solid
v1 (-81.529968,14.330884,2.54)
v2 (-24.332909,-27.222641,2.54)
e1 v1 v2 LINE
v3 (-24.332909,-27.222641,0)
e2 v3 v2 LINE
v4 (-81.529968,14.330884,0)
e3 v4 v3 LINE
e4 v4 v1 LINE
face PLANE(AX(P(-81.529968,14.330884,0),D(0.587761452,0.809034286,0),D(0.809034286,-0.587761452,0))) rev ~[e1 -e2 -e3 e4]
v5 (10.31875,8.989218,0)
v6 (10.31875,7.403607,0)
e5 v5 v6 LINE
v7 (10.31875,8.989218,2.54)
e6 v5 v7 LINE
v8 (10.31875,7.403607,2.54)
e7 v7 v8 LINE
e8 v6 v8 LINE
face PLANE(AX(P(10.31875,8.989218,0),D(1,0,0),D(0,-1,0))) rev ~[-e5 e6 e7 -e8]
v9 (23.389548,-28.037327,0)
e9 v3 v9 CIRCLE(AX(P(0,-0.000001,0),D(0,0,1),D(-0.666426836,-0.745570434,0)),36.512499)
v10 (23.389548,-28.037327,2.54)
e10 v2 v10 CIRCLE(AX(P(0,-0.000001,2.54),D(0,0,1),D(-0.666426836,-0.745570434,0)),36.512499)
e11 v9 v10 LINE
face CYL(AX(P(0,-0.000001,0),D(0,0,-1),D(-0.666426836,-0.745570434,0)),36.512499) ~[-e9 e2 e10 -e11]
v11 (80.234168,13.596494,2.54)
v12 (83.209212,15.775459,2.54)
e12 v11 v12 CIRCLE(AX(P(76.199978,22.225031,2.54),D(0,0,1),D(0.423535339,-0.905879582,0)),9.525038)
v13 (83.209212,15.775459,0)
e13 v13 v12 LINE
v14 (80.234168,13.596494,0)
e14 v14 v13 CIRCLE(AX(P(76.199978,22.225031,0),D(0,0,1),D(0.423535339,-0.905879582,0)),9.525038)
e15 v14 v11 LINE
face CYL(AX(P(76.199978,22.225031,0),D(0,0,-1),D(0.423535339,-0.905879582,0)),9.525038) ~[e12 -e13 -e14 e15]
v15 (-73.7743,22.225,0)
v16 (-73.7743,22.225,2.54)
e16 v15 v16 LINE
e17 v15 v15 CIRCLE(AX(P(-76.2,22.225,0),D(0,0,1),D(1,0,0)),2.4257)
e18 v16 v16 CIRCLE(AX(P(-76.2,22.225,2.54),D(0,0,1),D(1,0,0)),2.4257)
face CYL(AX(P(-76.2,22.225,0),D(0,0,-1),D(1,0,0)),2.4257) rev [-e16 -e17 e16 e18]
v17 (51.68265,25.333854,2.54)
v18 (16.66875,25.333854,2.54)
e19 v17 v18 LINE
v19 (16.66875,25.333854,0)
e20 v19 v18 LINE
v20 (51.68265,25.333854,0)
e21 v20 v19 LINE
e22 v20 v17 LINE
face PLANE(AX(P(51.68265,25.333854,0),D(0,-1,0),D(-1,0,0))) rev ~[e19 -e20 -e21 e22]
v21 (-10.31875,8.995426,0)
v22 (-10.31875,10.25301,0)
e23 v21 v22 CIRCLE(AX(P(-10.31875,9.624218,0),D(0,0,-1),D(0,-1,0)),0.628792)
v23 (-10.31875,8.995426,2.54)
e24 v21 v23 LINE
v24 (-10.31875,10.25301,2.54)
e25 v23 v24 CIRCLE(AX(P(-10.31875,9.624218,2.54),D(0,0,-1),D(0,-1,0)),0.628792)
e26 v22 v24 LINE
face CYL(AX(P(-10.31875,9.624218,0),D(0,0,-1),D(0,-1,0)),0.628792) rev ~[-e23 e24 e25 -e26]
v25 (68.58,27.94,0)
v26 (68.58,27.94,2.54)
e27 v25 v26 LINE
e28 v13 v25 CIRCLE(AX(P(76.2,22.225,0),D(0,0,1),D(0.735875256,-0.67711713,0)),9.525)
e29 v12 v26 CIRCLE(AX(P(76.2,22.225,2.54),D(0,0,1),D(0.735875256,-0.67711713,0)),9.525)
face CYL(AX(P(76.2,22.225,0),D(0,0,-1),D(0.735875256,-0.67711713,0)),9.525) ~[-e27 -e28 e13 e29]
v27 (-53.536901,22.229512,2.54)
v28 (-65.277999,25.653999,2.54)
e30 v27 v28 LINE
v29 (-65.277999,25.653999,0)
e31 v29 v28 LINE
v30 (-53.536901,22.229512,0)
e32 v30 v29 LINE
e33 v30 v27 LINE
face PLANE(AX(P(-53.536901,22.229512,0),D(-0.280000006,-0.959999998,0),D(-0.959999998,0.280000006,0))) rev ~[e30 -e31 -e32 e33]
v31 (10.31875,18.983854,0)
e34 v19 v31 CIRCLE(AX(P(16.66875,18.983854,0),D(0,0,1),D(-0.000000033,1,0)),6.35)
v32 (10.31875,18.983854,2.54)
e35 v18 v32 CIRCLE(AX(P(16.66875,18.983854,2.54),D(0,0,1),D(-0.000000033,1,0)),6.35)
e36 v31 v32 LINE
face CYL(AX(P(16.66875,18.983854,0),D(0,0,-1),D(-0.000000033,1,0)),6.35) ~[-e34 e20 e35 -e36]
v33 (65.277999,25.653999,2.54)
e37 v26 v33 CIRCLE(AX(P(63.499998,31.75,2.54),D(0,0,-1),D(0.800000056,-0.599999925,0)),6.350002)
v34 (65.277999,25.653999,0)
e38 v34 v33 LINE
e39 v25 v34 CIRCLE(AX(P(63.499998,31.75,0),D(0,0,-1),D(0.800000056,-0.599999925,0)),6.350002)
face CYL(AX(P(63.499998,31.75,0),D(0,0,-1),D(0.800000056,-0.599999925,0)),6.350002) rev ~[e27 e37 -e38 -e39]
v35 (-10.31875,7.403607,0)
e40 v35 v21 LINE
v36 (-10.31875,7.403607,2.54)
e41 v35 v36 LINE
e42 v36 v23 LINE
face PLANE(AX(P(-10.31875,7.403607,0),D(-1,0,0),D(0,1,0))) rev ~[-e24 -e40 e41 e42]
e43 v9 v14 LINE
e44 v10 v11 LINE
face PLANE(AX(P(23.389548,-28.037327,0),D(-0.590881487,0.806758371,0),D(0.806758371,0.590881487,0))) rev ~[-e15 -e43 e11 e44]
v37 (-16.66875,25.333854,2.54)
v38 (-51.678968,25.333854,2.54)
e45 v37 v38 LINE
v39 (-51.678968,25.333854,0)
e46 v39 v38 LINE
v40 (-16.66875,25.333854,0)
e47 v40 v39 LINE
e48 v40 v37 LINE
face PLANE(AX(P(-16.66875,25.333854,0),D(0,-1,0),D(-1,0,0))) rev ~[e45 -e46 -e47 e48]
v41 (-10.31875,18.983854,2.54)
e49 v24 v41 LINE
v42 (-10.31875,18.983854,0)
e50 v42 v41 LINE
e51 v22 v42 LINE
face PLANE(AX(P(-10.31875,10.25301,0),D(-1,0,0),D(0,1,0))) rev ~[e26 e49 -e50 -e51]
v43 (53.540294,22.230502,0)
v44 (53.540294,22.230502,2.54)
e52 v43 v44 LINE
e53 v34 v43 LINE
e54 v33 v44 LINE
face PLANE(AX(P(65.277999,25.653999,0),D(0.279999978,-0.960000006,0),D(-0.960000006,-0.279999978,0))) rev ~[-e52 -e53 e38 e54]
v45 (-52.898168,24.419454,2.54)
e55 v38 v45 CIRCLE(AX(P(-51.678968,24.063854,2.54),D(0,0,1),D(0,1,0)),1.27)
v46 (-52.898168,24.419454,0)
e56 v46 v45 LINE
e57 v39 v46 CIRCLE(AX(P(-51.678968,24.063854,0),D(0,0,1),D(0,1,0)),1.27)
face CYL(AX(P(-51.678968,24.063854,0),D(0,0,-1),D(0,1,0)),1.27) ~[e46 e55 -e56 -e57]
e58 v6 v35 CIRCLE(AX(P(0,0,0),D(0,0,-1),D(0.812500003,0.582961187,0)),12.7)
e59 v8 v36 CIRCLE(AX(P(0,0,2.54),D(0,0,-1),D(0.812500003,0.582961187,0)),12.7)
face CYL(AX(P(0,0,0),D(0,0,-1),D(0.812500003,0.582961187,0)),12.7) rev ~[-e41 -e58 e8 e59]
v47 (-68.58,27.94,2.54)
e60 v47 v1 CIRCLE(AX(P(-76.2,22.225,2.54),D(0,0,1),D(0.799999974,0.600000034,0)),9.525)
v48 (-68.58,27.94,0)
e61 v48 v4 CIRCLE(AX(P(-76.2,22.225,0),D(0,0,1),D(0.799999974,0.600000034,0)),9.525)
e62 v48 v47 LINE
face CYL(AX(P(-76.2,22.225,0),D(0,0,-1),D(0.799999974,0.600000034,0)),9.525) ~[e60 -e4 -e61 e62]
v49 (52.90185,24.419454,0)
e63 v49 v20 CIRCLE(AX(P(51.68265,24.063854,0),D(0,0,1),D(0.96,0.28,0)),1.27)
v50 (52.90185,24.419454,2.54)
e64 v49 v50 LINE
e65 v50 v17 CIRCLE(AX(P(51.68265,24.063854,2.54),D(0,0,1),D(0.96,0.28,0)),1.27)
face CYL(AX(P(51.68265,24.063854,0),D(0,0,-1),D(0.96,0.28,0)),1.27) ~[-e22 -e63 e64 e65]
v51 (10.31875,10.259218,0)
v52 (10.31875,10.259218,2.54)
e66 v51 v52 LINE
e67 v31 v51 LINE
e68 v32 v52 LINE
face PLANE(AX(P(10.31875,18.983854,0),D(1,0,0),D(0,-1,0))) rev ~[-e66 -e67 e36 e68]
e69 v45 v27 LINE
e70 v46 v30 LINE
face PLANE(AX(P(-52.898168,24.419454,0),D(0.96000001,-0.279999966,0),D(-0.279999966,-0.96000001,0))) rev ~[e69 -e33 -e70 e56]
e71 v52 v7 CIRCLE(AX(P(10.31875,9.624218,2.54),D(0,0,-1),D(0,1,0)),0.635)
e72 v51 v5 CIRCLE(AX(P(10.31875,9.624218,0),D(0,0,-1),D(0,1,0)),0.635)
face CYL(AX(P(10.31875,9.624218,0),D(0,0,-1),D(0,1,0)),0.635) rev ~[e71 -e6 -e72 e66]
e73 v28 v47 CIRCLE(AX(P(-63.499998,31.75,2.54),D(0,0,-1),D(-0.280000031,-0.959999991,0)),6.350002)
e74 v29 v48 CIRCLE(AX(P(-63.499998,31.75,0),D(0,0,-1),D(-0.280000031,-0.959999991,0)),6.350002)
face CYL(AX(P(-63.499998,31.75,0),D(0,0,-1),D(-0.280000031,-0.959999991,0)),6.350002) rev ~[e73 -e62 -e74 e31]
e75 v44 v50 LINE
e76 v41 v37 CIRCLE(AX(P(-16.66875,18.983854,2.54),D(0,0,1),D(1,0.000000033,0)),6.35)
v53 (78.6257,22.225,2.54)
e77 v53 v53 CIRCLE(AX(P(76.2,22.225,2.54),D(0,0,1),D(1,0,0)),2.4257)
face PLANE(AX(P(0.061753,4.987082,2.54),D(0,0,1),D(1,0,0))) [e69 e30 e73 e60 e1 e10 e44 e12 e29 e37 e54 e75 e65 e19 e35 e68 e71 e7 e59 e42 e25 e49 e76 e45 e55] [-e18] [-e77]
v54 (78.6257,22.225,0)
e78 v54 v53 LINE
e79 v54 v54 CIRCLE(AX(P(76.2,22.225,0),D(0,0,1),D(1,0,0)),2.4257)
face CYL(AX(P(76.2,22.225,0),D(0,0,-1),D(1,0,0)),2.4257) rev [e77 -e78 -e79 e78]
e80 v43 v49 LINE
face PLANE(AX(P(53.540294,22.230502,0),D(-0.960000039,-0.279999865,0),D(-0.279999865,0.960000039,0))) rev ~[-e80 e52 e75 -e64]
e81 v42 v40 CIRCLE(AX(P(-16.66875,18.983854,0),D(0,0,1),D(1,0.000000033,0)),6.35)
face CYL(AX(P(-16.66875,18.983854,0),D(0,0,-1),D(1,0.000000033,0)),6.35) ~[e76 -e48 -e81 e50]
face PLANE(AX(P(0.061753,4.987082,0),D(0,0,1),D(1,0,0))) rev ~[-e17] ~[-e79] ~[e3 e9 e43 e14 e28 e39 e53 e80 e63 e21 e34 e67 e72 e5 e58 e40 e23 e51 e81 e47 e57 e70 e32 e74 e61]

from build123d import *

# Parameters (mm, degrees)
F0_R     = 2.4257
F1_DEPTH = 2.54


with BuildPart() as f1:
    # F0 (on Top) → F1 (new body)
    with BuildSketch(Plane.XY):
        with BuildLine():
            ThreePointArc((10.31875, 7.403607), (0, -12.7), (-10.31875, 7.403607))
            Line((-10.31875, 7.403607), (-10.31875, 8.995426))
            ThreePointArc((-10.31875, 8.995426), (-10.947542, 9.624218), (-10.31875, 10.25301))
            Line((-10.31875, 10.25301), (-10.31875, 18.983854))
            ThreePointArc((-10.31875, 18.983854), (-12.178622, 23.473982), (-16.66875, 25.333854))
            Line((-16.66875, 25.333854), (-51.678968, 25.333854))
            ThreePointArc((-51.678968, 25.333854), (-52.440968, 25.079854), (-52.898168, 24.419454))
            Line((-52.898168, 24.419454), (-53.536901, 22.229512))
            Line((-53.536901, 22.229512), (-65.277999, 25.653999))
            ThreePointArc((-65.277999, 25.653999), (-67.114483, 26.529079), (-68.58, 27.94))
            ThreePointArc((-68.58, 27.94), (-83.100222, 28.791015), (-81.529968, 14.330884))
            Line((-81.529968, 14.330884), (-24.332909, -27.222641))
            ThreePointArc((-24.332909, -27.222641), (-0.623226, -36.507181), (23.389548, -28.037327))
            Line((23.389548, -28.037327), (80.234168, 13.596494))
            Line((80.234168, 13.596494), (83.209212, 15.775459))
            ThreePointArc((83.209212, 15.775459), (82.289932, 29.548821), (68.58, 27.94))
            ThreePointArc((68.58, 27.94), (67.114483, 26.529079), (65.277999, 25.653999))
            Line((65.277999, 25.653999), (53.540294, 22.230502))
            Line((53.540294, 22.230502), (52.90185, 24.419454))
            ThreePointArc((52.90185, 24.419454), (52.44465, 25.079854), (51.68265, 25.333854))
            Line((51.68265, 25.333854), (16.66875, 25.333854))
            ThreePointArc((16.66875, 25.333854), (12.178622, 23.473982), (10.31875, 18.983854))
            Line((10.31875, 18.983854), (10.31875, 10.259218))
            ThreePointArc((10.31875, 10.259218), (10.95375, 9.624218), (10.31875, 8.989218))
            Line((10.31875, 8.989218), (10.31875, 7.403607))
        make_face()
        with Locations((-76.2, 22.225)):
            Circle(F0_R, mode=Mode.SUBTRACT)
        with Locations((76.2, 22.225)):
            Circle(F0_R, mode=Mode.SUBTRACT)
        with BuildLine():
            ThreePointArc((80.234168, 13.596494), (81.828146, 14.540627), (83.209212, 15.775459))
            Line((83.209212, 15.775459), (80.234168, 13.596494))
        make_face()
    extrude(amount=F1_DEPTH)


solid = f1.part
